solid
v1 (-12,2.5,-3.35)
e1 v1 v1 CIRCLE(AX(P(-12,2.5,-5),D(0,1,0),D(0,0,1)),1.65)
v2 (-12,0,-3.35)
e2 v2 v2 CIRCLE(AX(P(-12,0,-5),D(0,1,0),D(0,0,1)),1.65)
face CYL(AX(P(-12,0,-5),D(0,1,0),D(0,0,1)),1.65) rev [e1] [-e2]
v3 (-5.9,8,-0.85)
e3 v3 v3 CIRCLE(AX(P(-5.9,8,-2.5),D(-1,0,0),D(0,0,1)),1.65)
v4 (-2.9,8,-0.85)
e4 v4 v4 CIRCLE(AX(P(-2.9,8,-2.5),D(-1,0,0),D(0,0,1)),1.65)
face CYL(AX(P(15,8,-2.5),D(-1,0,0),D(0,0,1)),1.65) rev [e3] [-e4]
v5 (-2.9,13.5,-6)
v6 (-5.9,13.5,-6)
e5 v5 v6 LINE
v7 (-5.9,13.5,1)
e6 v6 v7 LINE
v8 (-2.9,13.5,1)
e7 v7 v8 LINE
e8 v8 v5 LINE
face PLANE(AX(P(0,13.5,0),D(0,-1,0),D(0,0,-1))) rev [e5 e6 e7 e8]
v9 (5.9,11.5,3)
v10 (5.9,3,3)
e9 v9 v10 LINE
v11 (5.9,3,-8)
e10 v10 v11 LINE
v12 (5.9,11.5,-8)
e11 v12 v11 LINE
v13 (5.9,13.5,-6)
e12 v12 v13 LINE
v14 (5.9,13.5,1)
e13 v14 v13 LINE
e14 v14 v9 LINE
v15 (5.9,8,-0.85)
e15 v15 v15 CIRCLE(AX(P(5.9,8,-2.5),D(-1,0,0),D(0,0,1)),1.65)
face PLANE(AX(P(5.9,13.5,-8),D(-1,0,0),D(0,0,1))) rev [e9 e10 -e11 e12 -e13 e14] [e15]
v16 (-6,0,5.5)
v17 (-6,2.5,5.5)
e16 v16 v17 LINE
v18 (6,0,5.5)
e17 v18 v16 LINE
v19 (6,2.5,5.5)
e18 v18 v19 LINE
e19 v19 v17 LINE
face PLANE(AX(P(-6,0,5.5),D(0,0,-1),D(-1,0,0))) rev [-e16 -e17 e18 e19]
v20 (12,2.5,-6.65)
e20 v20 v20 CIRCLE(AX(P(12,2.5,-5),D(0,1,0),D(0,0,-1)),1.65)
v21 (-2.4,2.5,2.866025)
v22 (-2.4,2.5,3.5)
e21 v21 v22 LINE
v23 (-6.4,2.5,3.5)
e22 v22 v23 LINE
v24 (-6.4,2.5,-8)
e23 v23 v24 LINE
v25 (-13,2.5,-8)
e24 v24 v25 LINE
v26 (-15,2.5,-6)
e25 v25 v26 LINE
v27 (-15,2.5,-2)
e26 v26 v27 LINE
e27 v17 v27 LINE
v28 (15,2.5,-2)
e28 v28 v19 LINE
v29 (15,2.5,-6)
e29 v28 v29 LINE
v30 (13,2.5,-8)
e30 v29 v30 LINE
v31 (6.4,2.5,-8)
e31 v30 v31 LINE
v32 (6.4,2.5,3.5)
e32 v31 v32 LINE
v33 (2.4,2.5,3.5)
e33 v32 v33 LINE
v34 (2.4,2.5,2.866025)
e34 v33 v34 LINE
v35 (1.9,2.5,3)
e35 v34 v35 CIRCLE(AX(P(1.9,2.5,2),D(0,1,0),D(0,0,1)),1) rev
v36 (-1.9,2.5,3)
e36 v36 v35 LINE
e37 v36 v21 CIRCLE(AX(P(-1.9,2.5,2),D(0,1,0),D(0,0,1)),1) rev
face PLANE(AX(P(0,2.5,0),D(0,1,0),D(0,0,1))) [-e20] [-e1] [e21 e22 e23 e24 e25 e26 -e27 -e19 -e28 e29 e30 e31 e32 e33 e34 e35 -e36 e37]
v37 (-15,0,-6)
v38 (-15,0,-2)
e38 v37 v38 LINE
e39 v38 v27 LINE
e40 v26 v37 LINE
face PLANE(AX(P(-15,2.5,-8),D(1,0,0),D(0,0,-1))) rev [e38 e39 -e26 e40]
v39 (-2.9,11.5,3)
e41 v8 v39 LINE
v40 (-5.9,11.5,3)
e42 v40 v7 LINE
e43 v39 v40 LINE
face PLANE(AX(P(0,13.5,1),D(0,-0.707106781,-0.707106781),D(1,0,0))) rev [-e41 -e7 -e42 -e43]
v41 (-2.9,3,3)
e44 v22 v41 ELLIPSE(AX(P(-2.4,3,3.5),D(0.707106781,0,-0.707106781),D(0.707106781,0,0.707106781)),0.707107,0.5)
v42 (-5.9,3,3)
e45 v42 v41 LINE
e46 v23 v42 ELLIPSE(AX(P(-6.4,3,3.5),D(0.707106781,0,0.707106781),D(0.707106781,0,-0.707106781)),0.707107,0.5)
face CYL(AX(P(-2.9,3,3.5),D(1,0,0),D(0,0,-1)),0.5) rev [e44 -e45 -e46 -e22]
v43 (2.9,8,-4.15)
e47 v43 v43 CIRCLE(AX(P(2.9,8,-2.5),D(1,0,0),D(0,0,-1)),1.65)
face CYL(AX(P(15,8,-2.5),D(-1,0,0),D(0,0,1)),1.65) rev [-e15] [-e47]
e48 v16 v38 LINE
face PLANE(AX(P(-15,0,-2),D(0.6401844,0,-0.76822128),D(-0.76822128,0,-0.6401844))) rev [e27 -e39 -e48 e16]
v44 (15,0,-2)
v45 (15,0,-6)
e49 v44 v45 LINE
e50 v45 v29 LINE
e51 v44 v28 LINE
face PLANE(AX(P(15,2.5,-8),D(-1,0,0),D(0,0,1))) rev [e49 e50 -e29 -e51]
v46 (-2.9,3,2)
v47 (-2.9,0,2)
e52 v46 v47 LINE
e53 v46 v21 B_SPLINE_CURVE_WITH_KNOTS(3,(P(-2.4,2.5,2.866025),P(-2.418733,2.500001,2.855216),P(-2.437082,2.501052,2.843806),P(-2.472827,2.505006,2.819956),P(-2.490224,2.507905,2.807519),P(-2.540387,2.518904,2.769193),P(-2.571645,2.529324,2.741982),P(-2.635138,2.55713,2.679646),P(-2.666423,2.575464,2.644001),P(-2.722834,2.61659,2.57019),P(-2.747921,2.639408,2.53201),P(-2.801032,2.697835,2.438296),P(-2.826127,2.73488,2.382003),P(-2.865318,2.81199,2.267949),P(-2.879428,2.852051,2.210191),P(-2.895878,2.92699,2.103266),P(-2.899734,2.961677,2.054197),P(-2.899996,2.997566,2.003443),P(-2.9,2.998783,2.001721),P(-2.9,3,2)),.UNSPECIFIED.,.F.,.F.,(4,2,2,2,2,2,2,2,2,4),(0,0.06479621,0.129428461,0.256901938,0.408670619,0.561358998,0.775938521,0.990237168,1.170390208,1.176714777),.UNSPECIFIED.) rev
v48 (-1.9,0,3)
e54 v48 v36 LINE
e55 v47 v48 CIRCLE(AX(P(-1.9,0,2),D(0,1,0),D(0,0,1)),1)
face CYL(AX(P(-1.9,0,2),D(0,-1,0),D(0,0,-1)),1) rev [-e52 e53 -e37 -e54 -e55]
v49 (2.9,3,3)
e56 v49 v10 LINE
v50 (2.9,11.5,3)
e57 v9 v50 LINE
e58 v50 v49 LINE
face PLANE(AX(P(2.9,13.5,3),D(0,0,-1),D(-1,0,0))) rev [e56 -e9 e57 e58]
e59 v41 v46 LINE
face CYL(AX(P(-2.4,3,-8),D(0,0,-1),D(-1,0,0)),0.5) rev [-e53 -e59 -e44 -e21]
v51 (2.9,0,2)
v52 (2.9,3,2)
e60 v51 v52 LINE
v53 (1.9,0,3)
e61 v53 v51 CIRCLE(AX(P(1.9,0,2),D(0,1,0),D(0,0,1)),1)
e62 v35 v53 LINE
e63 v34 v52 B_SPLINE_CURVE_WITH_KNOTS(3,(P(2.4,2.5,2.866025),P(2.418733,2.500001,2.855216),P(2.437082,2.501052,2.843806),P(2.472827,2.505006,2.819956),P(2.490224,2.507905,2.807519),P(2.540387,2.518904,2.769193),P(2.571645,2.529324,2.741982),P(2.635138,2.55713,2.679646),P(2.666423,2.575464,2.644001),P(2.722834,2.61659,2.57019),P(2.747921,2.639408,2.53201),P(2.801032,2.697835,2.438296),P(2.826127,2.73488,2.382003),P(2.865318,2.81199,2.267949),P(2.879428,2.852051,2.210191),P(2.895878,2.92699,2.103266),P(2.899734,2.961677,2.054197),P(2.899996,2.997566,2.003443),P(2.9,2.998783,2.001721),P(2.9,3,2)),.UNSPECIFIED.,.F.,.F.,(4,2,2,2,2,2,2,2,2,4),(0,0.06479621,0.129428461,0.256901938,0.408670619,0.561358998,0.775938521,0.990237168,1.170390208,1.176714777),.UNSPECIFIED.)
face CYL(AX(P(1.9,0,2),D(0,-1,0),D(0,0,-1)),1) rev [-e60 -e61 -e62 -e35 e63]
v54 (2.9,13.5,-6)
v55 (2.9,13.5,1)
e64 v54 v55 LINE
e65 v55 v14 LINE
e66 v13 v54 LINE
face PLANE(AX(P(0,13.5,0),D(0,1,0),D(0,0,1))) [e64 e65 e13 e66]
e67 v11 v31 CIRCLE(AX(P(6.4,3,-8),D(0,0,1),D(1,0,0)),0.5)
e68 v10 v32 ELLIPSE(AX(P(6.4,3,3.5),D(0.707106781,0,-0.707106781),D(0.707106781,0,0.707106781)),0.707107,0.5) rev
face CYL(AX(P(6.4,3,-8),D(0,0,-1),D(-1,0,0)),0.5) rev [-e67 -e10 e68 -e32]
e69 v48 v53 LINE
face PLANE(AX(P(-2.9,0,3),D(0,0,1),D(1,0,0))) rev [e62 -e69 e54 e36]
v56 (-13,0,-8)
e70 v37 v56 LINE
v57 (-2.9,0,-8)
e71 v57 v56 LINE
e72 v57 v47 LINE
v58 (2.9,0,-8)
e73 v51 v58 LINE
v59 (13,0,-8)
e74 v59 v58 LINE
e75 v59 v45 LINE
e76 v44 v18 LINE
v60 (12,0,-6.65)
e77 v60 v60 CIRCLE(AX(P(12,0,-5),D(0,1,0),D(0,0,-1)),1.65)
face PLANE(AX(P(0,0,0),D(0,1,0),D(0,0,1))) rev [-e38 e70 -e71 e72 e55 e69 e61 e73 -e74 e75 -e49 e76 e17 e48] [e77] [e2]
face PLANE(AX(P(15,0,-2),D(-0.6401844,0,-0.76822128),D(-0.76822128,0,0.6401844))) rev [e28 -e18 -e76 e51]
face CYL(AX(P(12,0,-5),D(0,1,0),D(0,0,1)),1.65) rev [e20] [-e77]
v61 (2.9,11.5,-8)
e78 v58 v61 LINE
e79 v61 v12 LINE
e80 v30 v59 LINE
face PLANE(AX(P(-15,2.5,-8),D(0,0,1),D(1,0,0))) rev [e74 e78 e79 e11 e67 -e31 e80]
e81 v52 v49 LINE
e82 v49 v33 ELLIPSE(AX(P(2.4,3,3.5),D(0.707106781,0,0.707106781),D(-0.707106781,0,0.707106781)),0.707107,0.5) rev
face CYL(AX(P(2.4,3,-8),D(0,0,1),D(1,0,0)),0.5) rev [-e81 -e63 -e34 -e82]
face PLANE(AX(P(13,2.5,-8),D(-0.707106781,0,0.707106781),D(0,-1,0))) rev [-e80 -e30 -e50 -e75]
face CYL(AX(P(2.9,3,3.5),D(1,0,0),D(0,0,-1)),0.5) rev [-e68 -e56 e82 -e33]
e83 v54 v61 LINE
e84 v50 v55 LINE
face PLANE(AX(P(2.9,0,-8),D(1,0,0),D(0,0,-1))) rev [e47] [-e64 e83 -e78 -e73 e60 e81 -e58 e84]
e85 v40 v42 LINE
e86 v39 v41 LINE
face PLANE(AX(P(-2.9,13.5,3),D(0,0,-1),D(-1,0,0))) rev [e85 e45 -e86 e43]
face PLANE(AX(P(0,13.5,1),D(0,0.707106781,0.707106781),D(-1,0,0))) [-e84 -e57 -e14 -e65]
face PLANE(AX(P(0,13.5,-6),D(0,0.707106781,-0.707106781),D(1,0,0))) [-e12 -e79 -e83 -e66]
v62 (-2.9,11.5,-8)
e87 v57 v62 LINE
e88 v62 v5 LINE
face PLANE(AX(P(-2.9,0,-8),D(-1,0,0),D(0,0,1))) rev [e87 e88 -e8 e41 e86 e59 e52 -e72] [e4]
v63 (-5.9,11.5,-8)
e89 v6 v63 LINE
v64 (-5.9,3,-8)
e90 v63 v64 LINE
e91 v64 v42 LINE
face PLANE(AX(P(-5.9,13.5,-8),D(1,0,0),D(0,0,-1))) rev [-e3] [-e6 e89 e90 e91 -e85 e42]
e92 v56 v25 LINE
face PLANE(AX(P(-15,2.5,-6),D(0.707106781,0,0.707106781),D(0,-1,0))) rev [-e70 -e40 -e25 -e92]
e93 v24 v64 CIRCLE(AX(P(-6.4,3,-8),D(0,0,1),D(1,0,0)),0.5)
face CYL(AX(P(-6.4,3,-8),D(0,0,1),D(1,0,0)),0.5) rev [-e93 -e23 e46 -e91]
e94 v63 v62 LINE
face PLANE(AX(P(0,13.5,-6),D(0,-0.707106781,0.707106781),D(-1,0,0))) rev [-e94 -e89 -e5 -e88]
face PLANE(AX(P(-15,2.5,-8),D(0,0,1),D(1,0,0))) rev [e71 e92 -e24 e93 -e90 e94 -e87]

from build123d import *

# Parameters (mm, degrees)
SKETCH_1_W          = 30
SKETCH_1_H          = 16
EXTRUDE_1_DEPTH     = 2.5
SKETCH_3_R          = 1.65
CUT_EXTRUDE_1_DEPTH = 2.5
SKETCH_4_W          = 5.8
SKETCH_4_H          = 11
CUT_EXTRUDE_2_DEPTH = 2.5
SKETCH_5_W          = 3
SKETCH_5_H          = 11
EXTRUDE_2_DEPTH     = 11
SKETCH_6_R          = 1.65
CUT_EXTRUDE_3_DEPTH = 27.135416584
CUT_EXTRUDE_4_DEPTH = 21.248456731
CHAMFER_1_SIZE      = 2
FILLET_1_R          = 1
FILLET_2_R          = 0.5
CUT_EXTRUDE_6_DEPTH = 21.248456731


with BuildPart() as part:
    # 草图1 → 凸台-拉伸1 (new body)
    with BuildSketch(Plane(origin=(0, 0, 0), x_dir=(1, 0, 0), z_dir=(0, 1, 0))):
        Rectangle(SKETCH_1_W, SKETCH_1_H)
    extrude(amount=EXTRUDE_1_DEPTH)

    # 草图3 → 切除-拉伸1 (cut)
    with BuildSketch(Plane(origin=(0, 2.5, 0), x_dir=(1, 0, 0), z_dir=(0, 1, 0))):
        with Locations(Location((-12, 5, 0), (0, 0, 270))):
            Circle(SKETCH_3_R)
        with Locations(Location((12, 5, 0), (0, 0, 90))):
            Circle(SKETCH_3_R)
        with Locations(Location((12, -5, 0), (0, 0, 270))):
            Circle(SKETCH_3_R)
        with Locations(Location((-12, -5, 0), (0, 0, 90))):
            Circle(SKETCH_3_R)
        with Locations(Location((0, 5, 0), (0, 0, 270))):
            Circle(SKETCH_3_R)
    extrude(amount=-CUT_EXTRUDE_1_DEPTH, mode=Mode.SUBTRACT)

    # 草图4 → 切除-拉伸2 (cut)
    with BuildSketch(Plane(origin=(0, 2.5, 0), x_dir=(1, 0, 0), z_dir=(0, 1, 0))):
        with Locations((0, 2.5)):
            Rectangle(SKETCH_4_W, SKETCH_4_H)
    extrude(amount=-CUT_EXTRUDE_2_DEPTH, mode=Mode.SUBTRACT)

    # 草图5 → 凸台-拉伸2 (add)
    with BuildSketch(Plane(origin=(0, 2.5, 0), x_dir=(1, 0, 0), z_dir=(0, 1, 0))):
        with Locations((-4.4, 2.5)):
            Rectangle(SKETCH_5_W, SKETCH_5_H)
        with Locations((4.4, 2.5)):
            Rectangle(SKETCH_5_W, SKETCH_5_H)
    extrude(amount=EXTRUDE_2_DEPTH)

    # 草图6 → 切除-拉伸3 (cut, through all)
    with BuildSketch(Plane.ZY.offset(5.9)):
        with Locations((-2.5, 8)):
            Circle(SKETCH_6_R)
    extrude(amount=-CUT_EXTRUDE_3_DEPTH, mode=Mode.SUBTRACT)

    # 草图7 → 切除-拉伸4 (cut, through all)
    with BuildSketch(Plane(origin=(0, 2.5, 0), x_dir=(1, 0, 0), z_dir=(0, 1, 0))):
        Polygon((-15, 2), (-3, -8), (-15, -8), align=None)
        Polygon((3, -8), (15, -8), (15, 2), align=None)
    extrude(amount=-CUT_EXTRUDE_4_DEPTH, mode=Mode.SUBTRACT)

    # 倒角1
    chamfer_1_edges = [part.edges().sort_by_distance(p)[0] for p in [
        (-4.4, 13.5, -8),
        (-4.4, 13.5, 3),
        (4.4, 13.5, 3),
        (4.4, 13.5, -8),
        (-15, 1.25, -8),
        (15, 1.25, -8),
    ]]
    chamfer(chamfer_1_edges, length=CHAMFER_1_SIZE)

    # 圆角1
    fillet_1_edges = [part.edges().sort_by_distance(p)[0] for p in [
        (-2.9, 1.25, 3),
        (2.9, 1.25, 3),
    ]]
    fillet(fillet_1_edges, radius=FILLET_1_R)

    # 圆角2
    fillet_2_edges = [part.edges().sort_by_distance(p)[0] for p in [
        (-2.9, 2.5, 2.5),
        (2.9, 2.5, 2.5),
        (-5.9, 2.5, -2.5),
        (-4.4, 2.5, 3),
        (4.4, 2.5, 3),
        (5.9, 2.5, -2.5),
    ]]
    fillet(fillet_2_edges, radius=FILLET_2_R)

    # 草图8 → 切除-拉伸6 (cut, through all)
    with BuildSketch(Plane(origin=(0, 2.5, 0), x_dir=(1, 0, 0), z_dir=(0, 1, 0))):
        Polygon((-6, -5.5), (6, -5.5), (3, -8), (-3, -8), align=None)
    extrude(amount=-CUT_EXTRUDE_6_DEPTH, mode=Mode.SUBTRACT)


solid = part.part
